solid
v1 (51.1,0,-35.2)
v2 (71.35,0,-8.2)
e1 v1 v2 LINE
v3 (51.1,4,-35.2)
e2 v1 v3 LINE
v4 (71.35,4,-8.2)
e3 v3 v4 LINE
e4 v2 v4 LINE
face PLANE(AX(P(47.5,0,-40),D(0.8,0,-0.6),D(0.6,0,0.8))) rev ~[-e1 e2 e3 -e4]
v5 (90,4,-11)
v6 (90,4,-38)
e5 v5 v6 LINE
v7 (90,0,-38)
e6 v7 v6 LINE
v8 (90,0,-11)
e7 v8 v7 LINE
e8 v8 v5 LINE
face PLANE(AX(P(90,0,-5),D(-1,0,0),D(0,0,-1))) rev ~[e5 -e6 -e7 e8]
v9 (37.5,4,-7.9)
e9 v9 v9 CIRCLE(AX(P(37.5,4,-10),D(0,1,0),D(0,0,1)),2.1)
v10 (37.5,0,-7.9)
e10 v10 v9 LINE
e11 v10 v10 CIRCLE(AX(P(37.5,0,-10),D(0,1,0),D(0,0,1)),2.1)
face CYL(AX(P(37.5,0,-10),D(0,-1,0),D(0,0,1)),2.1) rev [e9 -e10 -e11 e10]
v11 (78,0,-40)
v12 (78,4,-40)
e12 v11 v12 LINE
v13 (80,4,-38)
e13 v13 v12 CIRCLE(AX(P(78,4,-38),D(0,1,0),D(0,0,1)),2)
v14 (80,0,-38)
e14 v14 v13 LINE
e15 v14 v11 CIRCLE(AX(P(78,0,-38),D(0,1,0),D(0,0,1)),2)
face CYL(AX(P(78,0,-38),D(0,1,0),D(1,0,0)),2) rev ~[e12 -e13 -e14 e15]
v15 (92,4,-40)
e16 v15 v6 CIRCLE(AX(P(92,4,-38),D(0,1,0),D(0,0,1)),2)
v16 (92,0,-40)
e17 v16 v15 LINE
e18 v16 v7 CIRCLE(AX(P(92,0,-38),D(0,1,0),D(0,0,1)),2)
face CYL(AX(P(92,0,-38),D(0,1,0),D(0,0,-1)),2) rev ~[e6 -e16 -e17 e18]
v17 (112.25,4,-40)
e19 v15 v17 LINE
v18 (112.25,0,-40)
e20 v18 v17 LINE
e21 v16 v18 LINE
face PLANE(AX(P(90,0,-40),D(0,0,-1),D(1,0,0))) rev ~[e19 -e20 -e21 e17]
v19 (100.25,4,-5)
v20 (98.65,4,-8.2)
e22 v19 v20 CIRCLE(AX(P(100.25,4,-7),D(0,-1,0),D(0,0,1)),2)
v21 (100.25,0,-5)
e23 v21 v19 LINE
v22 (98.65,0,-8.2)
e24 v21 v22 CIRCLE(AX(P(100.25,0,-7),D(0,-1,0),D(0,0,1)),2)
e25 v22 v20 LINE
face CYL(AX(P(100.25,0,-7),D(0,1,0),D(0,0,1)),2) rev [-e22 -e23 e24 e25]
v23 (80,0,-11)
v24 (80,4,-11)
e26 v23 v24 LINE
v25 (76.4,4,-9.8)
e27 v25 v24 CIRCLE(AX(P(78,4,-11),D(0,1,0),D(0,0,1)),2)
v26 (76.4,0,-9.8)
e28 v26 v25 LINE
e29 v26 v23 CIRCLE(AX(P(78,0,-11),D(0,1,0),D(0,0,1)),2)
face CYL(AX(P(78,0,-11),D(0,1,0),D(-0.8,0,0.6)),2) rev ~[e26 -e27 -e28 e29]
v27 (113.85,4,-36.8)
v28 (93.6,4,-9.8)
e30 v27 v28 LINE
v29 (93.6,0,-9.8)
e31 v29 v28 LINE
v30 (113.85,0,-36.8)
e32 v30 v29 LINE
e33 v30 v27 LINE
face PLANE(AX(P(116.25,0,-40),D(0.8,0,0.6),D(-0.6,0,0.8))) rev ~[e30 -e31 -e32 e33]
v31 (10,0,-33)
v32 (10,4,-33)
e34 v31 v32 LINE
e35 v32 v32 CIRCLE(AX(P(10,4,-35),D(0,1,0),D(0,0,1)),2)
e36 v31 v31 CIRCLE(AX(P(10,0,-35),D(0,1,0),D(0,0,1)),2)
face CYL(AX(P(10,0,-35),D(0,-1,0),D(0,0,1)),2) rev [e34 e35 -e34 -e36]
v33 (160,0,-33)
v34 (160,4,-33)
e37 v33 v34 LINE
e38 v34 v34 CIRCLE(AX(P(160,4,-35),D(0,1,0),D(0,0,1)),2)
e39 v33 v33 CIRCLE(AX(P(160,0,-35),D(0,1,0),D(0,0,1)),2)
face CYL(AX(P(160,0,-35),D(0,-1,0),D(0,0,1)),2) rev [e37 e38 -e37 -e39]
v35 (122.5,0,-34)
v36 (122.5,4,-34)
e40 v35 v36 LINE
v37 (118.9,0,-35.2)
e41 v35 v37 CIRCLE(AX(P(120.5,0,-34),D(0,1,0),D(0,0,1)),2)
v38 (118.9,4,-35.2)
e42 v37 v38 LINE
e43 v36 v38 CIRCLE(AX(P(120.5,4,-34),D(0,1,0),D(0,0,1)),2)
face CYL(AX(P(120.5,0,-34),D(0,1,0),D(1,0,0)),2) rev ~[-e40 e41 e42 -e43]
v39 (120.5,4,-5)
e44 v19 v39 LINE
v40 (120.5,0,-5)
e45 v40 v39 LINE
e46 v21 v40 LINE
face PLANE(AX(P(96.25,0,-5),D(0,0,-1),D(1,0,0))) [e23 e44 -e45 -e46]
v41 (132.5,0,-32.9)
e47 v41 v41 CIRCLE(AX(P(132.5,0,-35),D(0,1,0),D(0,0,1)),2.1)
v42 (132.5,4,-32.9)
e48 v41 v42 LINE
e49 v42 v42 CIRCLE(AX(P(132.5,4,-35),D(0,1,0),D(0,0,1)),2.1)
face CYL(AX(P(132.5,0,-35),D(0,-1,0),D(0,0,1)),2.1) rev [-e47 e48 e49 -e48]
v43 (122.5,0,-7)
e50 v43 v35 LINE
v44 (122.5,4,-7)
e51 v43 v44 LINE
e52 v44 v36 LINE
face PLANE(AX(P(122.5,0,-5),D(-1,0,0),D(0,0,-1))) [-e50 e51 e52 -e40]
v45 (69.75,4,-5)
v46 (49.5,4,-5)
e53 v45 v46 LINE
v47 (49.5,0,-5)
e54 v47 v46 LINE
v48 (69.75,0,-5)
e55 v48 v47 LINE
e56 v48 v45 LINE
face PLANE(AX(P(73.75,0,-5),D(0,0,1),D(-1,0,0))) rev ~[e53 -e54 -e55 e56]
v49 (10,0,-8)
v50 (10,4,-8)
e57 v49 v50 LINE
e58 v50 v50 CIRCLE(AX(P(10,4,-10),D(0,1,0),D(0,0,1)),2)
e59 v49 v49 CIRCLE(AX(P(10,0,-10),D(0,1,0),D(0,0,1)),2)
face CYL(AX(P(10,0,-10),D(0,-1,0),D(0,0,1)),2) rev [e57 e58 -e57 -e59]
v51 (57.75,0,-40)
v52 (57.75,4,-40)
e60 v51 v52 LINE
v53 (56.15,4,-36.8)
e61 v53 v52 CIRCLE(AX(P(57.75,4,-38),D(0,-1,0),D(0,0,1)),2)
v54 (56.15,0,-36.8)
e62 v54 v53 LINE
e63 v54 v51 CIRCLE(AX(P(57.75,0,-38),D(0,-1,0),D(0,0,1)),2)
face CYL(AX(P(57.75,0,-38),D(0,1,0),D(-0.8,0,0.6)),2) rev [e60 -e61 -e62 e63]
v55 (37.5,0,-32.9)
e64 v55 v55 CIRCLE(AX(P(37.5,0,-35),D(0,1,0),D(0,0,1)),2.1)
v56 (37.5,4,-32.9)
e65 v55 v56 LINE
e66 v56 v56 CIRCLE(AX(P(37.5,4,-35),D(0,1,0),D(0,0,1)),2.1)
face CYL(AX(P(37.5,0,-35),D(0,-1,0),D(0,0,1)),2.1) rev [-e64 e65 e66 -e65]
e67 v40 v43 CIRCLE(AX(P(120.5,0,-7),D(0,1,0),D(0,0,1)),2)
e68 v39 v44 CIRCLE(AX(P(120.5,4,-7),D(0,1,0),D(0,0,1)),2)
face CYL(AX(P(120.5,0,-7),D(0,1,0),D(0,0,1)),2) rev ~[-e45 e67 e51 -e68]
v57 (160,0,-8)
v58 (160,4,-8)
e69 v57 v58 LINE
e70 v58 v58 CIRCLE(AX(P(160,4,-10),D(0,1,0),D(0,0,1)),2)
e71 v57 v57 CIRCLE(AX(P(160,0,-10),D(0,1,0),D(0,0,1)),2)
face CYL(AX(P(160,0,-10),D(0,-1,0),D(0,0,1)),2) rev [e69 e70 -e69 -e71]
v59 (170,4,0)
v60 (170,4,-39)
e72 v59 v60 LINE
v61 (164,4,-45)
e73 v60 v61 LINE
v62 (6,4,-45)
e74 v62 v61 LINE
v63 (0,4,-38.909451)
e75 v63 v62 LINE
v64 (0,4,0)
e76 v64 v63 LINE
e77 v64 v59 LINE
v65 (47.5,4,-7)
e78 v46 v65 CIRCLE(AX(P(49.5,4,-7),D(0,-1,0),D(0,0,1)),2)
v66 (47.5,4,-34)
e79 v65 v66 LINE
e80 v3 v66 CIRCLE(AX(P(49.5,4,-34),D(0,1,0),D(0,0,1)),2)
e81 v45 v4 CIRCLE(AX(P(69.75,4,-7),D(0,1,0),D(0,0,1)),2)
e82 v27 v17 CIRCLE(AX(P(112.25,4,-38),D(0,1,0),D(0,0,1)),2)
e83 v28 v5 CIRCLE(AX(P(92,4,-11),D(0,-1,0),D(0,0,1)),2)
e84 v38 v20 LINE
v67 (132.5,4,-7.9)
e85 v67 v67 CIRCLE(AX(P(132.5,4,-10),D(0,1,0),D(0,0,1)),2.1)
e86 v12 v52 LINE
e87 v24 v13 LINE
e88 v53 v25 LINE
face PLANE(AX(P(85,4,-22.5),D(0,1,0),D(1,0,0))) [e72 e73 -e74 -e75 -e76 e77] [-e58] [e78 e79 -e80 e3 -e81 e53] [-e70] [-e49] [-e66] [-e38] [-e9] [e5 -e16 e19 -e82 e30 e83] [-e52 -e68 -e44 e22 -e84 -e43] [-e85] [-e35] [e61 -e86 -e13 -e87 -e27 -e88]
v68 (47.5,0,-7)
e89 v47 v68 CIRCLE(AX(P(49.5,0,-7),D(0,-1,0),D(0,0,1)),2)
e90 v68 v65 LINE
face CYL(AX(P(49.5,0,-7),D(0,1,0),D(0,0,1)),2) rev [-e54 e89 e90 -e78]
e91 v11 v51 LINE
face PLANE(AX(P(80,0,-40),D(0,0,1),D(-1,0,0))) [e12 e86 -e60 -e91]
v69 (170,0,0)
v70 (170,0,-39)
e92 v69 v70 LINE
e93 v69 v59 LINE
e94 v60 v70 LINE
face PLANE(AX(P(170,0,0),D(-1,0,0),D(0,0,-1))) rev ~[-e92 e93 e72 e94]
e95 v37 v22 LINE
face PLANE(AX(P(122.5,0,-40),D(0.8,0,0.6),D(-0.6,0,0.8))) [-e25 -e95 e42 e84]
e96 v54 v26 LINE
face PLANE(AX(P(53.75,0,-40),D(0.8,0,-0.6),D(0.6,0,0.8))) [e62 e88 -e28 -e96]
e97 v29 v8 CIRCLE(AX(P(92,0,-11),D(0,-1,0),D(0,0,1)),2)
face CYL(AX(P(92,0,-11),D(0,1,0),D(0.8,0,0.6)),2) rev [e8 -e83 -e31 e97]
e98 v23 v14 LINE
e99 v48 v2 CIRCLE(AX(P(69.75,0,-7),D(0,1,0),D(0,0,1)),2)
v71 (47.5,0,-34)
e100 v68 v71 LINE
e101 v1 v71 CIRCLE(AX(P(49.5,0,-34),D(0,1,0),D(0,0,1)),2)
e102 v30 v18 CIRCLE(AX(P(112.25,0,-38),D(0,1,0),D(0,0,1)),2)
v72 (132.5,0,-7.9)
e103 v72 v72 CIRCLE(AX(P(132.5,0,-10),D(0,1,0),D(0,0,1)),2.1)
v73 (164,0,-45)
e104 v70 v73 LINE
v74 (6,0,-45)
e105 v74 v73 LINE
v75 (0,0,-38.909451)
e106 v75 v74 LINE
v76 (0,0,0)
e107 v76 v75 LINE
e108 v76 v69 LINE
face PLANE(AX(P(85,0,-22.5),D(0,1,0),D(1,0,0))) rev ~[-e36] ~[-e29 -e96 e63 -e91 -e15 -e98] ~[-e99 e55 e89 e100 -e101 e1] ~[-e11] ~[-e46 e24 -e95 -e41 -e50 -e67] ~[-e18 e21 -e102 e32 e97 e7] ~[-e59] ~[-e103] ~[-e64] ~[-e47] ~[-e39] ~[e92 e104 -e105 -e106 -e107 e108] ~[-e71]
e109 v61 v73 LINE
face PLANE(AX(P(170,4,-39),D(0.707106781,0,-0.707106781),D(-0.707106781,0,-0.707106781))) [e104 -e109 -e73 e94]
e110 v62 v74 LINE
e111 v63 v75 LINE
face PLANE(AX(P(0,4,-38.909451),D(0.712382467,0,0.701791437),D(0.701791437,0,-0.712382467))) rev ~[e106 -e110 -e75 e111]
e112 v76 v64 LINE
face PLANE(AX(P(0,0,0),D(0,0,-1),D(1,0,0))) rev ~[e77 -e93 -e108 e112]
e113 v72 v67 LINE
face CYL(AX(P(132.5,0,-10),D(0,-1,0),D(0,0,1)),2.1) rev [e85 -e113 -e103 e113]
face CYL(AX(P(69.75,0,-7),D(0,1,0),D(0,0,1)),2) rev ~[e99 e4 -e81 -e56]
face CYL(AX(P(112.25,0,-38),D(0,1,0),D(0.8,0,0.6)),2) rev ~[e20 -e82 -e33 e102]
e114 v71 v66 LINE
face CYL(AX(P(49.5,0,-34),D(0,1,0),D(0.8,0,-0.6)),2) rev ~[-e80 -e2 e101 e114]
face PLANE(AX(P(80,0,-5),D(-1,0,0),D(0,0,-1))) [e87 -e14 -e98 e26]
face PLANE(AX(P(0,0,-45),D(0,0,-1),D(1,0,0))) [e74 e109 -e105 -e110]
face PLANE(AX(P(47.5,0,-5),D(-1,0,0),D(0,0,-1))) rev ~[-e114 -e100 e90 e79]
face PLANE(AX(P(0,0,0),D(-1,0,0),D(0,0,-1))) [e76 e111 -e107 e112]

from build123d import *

# Parameters (mm, degrees)
SKETCH_1_W          = 170
SKETCH_1_H          = 45
SKETCH_1_R          = 2
SKETCH_1_R_2        = 2.1
EXTRUDE_1_DEPTH     = 4
CUT_EXTRUDE_1_DEPTH = 4
CUT_EXTRUDE_2_DEPTH = 4
FILLET_1_R          = 2


with BuildPart() as part:
    # 草图1 → 凸台-拉伸1 (new body)
    with BuildSketch(Plane(origin=(0, 0, 0), x_dir=(1, 0, 0), z_dir=(0, 1, 0))):
        with Locations((85, 22.5)):
            Rectangle(SKETCH_1_W, SKETCH_1_H)
        with Locations(Location((10, 35, 0), (0, 0, 270))):
            Circle(SKETCH_1_R, mode=Mode.SUBTRACT)
        with Locations(Location((10, 10, 0), (0, 0, 270))):
            Circle(SKETCH_1_R, mode=Mode.SUBTRACT)
        with Locations(Location((160, 10, 0), (0, 0, 270))):
            Circle(SKETCH_1_R, mode=Mode.SUBTRACT)
        with Locations(Location((160, 35, 0), (0, 0, 270))):
            Circle(SKETCH_1_R, mode=Mode.SUBTRACT)
        with Locations(Location((37.5, 35, 0), (0, 0, 270))):
            Circle(SKETCH_1_R_2, mode=Mode.SUBTRACT)
        with Locations(Location((37.5, 10, 0), (0, 0, 270))):
            Circle(SKETCH_1_R_2, mode=Mode.SUBTRACT)
        with Locations(Location((132.5, 10, 0), (0, 0, 270))):
            Circle(SKETCH_1_R_2, mode=Mode.SUBTRACT)
        with Locations(Location((132.5, 35, 0), (0, 0, 270))):
            Circle(SKETCH_1_R_2, mode=Mode.SUBTRACT)
    extrude(amount=EXTRUDE_1_DEPTH)

    # 草图4 → 切除-拉伸1 (cut)
    with BuildSketch(Plane(origin=(0, 4, 0), x_dir=(1, 0, 0), z_dir=(0, 1, 0))):
        Polygon((0, 38.909451479), (6, 45), (0, 45), align=None)
        Polygon((170, 39), (164, 45), (170, 45), align=None)
    extrude(amount=-CUT_EXTRUDE_1_DEPTH, mode=Mode.SUBTRACT)

    # 草图5 → 切除-拉伸2 (cut)
    with BuildSketch(Plane.XZ):
        Polygon((47.5, -5), (47.5, -40), (73.75, -5), align=None)
        Polygon((53.75, -40), (80, -5), (80, -40), align=None)
        Polygon((90, -5), (90, -40), (116.25, -40), align=None)
        Polygon((96.25, -5), (122.5, -5), (122.5, -40), align=None)
    extrude(amount=-CUT_EXTRUDE_2_DEPTH, mode=Mode.SUBTRACT)

    # 圆角1
    fillet_1_edges = [part.edges().sort_by_distance(p)[0] for p in [
        (80, 2, -5),
        (53.75, 2, -40),
        (80, 2, -40),
        (90, 2, -40),
        (116.25, 2, -40),
        (90, 2, -5),
        (122.5, 2, -5),
        (96.25, 2, -5),
        (122.5, 2, -40),
        (47.5, 2, -40),
        (73.75, 2, -5),
        (47.5, 2, -5),
    ]]
    fillet(fillet_1_edges, radius=FILLET_1_R)


solid = part.part
